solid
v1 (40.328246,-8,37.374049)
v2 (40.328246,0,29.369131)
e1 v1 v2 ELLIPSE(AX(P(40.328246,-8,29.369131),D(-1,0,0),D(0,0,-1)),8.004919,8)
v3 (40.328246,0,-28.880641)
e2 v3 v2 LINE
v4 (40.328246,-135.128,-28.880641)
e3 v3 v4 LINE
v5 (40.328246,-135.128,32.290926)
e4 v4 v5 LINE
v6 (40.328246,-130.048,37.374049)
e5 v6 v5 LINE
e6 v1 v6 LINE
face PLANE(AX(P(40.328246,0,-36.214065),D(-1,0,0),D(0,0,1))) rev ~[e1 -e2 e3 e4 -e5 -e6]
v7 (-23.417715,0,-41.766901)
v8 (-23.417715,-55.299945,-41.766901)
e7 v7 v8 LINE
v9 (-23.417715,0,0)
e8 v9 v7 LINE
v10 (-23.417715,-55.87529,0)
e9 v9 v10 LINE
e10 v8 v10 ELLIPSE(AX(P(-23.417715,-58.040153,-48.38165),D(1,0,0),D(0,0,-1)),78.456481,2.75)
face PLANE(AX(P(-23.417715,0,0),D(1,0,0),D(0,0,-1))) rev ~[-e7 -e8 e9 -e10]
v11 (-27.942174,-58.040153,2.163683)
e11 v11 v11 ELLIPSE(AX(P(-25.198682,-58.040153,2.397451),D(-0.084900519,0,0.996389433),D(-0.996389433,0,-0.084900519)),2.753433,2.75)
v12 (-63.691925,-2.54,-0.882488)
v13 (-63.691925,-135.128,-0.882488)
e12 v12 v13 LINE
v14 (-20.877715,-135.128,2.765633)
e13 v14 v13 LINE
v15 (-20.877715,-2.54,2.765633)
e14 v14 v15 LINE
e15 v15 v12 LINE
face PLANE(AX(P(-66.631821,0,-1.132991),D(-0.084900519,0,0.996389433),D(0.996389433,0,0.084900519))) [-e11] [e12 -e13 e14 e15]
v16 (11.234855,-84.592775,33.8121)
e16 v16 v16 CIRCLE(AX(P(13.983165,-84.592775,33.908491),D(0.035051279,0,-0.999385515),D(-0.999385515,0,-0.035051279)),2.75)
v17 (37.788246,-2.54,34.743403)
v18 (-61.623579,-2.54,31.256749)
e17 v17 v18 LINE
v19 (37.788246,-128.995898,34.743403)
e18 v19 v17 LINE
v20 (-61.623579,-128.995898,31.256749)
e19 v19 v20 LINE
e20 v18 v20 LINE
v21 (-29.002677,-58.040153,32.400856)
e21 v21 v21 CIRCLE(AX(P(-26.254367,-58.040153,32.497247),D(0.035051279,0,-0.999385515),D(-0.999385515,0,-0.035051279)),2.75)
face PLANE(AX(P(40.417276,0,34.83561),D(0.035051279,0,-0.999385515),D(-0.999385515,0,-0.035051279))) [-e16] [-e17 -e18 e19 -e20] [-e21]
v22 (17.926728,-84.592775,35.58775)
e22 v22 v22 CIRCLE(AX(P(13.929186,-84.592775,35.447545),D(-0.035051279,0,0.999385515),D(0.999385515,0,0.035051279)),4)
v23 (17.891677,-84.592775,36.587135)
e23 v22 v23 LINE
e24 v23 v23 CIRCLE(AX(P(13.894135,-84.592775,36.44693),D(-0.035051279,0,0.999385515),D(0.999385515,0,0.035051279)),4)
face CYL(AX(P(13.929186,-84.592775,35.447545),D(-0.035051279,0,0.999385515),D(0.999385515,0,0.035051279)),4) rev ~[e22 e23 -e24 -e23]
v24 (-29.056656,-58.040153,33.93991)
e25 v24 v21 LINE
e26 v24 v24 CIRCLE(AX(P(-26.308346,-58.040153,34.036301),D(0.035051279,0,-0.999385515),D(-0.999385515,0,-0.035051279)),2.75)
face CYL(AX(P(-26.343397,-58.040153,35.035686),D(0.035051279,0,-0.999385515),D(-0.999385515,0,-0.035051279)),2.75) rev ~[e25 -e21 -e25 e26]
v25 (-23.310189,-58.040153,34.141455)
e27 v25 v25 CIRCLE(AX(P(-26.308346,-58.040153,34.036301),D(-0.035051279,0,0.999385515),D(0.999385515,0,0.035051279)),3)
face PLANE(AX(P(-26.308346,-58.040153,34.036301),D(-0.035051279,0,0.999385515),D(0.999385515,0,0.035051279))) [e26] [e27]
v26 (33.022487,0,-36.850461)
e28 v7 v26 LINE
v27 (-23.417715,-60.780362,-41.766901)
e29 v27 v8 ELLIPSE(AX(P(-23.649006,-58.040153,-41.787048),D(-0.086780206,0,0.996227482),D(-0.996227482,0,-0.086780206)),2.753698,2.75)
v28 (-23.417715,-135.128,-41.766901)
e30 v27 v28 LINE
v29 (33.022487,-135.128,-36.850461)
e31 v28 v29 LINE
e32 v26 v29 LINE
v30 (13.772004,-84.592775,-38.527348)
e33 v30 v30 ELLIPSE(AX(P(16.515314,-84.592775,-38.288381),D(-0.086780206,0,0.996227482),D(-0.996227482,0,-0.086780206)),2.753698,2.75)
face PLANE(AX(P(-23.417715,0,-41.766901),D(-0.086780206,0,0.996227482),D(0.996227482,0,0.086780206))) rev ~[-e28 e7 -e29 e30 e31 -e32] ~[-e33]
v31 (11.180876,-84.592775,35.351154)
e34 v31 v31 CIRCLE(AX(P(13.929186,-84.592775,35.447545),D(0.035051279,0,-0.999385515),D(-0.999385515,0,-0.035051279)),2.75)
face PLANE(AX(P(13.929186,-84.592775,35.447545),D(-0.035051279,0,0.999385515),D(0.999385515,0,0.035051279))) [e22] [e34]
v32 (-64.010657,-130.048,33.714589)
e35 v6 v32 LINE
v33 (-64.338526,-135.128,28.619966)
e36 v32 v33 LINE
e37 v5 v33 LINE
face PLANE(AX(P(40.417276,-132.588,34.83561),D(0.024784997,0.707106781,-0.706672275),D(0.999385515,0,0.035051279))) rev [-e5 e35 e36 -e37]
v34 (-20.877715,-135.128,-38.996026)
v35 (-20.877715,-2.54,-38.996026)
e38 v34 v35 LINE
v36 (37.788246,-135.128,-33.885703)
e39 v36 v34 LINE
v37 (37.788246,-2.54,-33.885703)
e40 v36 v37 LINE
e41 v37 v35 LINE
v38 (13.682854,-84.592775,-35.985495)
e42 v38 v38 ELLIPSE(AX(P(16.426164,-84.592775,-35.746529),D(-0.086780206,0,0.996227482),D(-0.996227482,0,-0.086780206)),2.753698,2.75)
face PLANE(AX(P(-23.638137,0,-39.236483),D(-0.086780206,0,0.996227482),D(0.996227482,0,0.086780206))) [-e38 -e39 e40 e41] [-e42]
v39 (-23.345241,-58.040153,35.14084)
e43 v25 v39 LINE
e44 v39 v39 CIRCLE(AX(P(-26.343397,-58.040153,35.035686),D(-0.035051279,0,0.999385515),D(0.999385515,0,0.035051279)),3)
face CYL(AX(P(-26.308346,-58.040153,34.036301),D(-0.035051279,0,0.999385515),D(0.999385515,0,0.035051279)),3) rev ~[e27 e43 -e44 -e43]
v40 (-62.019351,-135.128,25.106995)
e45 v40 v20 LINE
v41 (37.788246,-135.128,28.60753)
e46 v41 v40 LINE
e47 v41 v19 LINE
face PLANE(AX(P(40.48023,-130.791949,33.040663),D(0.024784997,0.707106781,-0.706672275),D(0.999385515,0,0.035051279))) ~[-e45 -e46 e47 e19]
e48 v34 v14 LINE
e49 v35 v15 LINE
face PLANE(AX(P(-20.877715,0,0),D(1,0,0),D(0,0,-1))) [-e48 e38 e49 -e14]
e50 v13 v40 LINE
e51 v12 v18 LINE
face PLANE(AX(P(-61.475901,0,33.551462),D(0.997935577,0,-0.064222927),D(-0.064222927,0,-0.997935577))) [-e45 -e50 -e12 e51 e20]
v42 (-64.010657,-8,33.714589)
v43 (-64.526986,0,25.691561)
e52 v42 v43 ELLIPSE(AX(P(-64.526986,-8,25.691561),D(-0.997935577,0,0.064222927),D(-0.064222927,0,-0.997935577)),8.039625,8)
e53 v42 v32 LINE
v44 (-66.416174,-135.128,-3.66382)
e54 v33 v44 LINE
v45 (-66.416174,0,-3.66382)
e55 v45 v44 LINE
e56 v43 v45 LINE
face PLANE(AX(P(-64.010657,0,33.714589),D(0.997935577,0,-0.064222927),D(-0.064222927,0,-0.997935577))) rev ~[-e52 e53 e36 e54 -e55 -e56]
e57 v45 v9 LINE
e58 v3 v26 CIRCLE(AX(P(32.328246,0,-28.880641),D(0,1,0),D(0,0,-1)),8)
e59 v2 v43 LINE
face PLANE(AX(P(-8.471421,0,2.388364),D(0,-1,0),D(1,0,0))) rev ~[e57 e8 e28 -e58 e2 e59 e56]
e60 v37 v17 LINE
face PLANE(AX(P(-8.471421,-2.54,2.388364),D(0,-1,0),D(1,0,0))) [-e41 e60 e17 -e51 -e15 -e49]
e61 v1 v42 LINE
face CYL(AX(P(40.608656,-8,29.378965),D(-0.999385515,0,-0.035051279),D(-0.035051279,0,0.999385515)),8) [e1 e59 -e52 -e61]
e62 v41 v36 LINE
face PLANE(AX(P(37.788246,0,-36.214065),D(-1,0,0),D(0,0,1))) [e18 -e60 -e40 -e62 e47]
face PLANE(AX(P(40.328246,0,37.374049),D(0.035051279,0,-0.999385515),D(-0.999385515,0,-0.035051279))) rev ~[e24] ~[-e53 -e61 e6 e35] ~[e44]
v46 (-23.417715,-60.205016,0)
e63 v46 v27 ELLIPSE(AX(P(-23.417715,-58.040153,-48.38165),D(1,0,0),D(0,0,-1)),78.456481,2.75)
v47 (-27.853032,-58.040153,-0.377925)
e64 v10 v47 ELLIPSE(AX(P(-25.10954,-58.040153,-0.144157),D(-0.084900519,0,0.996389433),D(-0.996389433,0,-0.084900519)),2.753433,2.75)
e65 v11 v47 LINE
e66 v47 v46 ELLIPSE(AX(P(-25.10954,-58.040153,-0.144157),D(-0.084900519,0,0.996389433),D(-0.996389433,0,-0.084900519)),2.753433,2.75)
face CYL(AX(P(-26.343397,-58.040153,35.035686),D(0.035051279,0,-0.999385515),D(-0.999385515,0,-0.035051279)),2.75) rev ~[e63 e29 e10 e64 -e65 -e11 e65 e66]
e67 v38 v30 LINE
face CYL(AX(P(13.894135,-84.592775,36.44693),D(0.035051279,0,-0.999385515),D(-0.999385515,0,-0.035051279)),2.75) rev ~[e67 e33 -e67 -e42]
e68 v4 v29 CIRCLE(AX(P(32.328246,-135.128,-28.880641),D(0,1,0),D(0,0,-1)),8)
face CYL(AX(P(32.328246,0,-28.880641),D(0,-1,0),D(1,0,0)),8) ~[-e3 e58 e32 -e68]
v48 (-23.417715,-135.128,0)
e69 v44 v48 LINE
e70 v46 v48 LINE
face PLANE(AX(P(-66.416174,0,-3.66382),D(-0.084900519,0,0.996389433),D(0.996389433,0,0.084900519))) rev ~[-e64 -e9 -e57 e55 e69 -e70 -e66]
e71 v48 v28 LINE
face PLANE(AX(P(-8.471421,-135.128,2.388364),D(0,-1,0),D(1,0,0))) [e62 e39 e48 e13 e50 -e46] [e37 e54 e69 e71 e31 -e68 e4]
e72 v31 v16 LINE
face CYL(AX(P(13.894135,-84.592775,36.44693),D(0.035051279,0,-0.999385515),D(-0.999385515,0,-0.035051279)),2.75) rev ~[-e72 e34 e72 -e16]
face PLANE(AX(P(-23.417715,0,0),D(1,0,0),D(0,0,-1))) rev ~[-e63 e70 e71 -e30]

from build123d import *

# Parameters (mm, degrees)
F0_W            = 71.5283732861
F0_H            = 64.1776323318
F1_DEPTH        = 89.916
F2_SIZE2        = 25.4
F2_SIZE         = 5.08
F5_DEPTH        = 135.128
F6_SIZE         = 5.08
F7_T            = -2.54
F9_D            = 5.5
F9_CBORE_D      = 6
F9_CBORE_DEPTH  = 1
F10_D           = 5.5
F10_CBORE_D     = 8
F10_CBORE_DEPTH = 1
F11_R           = 8
F12_R           = 8


with BuildPart() as f1:
    # F0 (on Front) → F1 (new body)
    with BuildSketch(Plane.XZ):
        with Locations((6.926660426, -4.6648941934)):
            Rectangle(F0_W, F0_H)
    extrude(amount=F1_DEPTH)

    # F2
    f2_edges = [f1.edges().sort_by_distance(p)[0] for p in [
        (42.690847, -44.958, 27.423922),
    ]]
    f2_side = f1.faces().sort_by_distance((6.92666, -44.958, 27.423922))[0]
    chamfer(f2_edges, length=F2_SIZE, length2=F2_SIZE2, reference=f2_side)


with BuildPart() as f5:
    # F4 (on Front) → F5 (new body)
    with BuildSketch(Plane.XZ):
        Polygon((40.32824561, 37.3740494251), (-64.0106573701, 33.7145887315), (-66.4161741734, -3.6638199817), (-23.4177149832, 0), (-23.4177149832, -41.7669005692), (40.32824561, -36.2140648067), align=None)
    extrude(amount=F5_DEPTH)

    # F6
    f6_edges = [f5.edges().sort_by_distance(p)[0] for p in [
        (-11.841206, -135.128, 35.544319),
    ]]
    chamfer(f6_edges, length=F6_SIZE)

    # F7
    f7_openings = [f5.faces().sort_by_distance(p)[0] for p in [
        (-3.73286, -135.128, 0.037818),
    ]]
    offset(amount=F7_T, openings=f7_openings, kind=Kind.INTERSECTION)

    # F9 (through all)
    with Locations(Plane(origin=(-1.2596562909, 0, 35.915443977), x_dir=(0.9993855151, 0, 0.0350512791), z_dir=(-0.0350512791, 0, 0.9993855151))):
        with Locations((-25.099163875, -58.0401532352)):
            CounterBoreHole(F9_D / 2, F9_CBORE_D / 2, F9_CBORE_DEPTH)

    # F10 (through all)
    with Locations(Plane(origin=(-1.2596562909, 0, 35.915443977), x_dir=(0.9993855151, 0, 0.0350512791), z_dir=(-0.0350512791, 0, 0.9993855151))):
        with Locations((15.1631087065, -84.5927745104)):
            CounterBoreHole(F10_D / 2, F10_CBORE_D / 2, F10_CBORE_DEPTH)

    # F11
    f11_edges = [f5.edges().sort_by_distance(p)[0] for p in [
        (-11.841206, 0, 35.544319),
    ]]
    fillet(f11_edges, radius=F11_R)

    # F12
    f12_edges = [f5.edges().sort_by_distance(p)[0] for p in [
        (40.328246, -67.564, -36.214065),
    ]]
    fillet(f12_edges, radius=F12_R)


solid = f5.part
